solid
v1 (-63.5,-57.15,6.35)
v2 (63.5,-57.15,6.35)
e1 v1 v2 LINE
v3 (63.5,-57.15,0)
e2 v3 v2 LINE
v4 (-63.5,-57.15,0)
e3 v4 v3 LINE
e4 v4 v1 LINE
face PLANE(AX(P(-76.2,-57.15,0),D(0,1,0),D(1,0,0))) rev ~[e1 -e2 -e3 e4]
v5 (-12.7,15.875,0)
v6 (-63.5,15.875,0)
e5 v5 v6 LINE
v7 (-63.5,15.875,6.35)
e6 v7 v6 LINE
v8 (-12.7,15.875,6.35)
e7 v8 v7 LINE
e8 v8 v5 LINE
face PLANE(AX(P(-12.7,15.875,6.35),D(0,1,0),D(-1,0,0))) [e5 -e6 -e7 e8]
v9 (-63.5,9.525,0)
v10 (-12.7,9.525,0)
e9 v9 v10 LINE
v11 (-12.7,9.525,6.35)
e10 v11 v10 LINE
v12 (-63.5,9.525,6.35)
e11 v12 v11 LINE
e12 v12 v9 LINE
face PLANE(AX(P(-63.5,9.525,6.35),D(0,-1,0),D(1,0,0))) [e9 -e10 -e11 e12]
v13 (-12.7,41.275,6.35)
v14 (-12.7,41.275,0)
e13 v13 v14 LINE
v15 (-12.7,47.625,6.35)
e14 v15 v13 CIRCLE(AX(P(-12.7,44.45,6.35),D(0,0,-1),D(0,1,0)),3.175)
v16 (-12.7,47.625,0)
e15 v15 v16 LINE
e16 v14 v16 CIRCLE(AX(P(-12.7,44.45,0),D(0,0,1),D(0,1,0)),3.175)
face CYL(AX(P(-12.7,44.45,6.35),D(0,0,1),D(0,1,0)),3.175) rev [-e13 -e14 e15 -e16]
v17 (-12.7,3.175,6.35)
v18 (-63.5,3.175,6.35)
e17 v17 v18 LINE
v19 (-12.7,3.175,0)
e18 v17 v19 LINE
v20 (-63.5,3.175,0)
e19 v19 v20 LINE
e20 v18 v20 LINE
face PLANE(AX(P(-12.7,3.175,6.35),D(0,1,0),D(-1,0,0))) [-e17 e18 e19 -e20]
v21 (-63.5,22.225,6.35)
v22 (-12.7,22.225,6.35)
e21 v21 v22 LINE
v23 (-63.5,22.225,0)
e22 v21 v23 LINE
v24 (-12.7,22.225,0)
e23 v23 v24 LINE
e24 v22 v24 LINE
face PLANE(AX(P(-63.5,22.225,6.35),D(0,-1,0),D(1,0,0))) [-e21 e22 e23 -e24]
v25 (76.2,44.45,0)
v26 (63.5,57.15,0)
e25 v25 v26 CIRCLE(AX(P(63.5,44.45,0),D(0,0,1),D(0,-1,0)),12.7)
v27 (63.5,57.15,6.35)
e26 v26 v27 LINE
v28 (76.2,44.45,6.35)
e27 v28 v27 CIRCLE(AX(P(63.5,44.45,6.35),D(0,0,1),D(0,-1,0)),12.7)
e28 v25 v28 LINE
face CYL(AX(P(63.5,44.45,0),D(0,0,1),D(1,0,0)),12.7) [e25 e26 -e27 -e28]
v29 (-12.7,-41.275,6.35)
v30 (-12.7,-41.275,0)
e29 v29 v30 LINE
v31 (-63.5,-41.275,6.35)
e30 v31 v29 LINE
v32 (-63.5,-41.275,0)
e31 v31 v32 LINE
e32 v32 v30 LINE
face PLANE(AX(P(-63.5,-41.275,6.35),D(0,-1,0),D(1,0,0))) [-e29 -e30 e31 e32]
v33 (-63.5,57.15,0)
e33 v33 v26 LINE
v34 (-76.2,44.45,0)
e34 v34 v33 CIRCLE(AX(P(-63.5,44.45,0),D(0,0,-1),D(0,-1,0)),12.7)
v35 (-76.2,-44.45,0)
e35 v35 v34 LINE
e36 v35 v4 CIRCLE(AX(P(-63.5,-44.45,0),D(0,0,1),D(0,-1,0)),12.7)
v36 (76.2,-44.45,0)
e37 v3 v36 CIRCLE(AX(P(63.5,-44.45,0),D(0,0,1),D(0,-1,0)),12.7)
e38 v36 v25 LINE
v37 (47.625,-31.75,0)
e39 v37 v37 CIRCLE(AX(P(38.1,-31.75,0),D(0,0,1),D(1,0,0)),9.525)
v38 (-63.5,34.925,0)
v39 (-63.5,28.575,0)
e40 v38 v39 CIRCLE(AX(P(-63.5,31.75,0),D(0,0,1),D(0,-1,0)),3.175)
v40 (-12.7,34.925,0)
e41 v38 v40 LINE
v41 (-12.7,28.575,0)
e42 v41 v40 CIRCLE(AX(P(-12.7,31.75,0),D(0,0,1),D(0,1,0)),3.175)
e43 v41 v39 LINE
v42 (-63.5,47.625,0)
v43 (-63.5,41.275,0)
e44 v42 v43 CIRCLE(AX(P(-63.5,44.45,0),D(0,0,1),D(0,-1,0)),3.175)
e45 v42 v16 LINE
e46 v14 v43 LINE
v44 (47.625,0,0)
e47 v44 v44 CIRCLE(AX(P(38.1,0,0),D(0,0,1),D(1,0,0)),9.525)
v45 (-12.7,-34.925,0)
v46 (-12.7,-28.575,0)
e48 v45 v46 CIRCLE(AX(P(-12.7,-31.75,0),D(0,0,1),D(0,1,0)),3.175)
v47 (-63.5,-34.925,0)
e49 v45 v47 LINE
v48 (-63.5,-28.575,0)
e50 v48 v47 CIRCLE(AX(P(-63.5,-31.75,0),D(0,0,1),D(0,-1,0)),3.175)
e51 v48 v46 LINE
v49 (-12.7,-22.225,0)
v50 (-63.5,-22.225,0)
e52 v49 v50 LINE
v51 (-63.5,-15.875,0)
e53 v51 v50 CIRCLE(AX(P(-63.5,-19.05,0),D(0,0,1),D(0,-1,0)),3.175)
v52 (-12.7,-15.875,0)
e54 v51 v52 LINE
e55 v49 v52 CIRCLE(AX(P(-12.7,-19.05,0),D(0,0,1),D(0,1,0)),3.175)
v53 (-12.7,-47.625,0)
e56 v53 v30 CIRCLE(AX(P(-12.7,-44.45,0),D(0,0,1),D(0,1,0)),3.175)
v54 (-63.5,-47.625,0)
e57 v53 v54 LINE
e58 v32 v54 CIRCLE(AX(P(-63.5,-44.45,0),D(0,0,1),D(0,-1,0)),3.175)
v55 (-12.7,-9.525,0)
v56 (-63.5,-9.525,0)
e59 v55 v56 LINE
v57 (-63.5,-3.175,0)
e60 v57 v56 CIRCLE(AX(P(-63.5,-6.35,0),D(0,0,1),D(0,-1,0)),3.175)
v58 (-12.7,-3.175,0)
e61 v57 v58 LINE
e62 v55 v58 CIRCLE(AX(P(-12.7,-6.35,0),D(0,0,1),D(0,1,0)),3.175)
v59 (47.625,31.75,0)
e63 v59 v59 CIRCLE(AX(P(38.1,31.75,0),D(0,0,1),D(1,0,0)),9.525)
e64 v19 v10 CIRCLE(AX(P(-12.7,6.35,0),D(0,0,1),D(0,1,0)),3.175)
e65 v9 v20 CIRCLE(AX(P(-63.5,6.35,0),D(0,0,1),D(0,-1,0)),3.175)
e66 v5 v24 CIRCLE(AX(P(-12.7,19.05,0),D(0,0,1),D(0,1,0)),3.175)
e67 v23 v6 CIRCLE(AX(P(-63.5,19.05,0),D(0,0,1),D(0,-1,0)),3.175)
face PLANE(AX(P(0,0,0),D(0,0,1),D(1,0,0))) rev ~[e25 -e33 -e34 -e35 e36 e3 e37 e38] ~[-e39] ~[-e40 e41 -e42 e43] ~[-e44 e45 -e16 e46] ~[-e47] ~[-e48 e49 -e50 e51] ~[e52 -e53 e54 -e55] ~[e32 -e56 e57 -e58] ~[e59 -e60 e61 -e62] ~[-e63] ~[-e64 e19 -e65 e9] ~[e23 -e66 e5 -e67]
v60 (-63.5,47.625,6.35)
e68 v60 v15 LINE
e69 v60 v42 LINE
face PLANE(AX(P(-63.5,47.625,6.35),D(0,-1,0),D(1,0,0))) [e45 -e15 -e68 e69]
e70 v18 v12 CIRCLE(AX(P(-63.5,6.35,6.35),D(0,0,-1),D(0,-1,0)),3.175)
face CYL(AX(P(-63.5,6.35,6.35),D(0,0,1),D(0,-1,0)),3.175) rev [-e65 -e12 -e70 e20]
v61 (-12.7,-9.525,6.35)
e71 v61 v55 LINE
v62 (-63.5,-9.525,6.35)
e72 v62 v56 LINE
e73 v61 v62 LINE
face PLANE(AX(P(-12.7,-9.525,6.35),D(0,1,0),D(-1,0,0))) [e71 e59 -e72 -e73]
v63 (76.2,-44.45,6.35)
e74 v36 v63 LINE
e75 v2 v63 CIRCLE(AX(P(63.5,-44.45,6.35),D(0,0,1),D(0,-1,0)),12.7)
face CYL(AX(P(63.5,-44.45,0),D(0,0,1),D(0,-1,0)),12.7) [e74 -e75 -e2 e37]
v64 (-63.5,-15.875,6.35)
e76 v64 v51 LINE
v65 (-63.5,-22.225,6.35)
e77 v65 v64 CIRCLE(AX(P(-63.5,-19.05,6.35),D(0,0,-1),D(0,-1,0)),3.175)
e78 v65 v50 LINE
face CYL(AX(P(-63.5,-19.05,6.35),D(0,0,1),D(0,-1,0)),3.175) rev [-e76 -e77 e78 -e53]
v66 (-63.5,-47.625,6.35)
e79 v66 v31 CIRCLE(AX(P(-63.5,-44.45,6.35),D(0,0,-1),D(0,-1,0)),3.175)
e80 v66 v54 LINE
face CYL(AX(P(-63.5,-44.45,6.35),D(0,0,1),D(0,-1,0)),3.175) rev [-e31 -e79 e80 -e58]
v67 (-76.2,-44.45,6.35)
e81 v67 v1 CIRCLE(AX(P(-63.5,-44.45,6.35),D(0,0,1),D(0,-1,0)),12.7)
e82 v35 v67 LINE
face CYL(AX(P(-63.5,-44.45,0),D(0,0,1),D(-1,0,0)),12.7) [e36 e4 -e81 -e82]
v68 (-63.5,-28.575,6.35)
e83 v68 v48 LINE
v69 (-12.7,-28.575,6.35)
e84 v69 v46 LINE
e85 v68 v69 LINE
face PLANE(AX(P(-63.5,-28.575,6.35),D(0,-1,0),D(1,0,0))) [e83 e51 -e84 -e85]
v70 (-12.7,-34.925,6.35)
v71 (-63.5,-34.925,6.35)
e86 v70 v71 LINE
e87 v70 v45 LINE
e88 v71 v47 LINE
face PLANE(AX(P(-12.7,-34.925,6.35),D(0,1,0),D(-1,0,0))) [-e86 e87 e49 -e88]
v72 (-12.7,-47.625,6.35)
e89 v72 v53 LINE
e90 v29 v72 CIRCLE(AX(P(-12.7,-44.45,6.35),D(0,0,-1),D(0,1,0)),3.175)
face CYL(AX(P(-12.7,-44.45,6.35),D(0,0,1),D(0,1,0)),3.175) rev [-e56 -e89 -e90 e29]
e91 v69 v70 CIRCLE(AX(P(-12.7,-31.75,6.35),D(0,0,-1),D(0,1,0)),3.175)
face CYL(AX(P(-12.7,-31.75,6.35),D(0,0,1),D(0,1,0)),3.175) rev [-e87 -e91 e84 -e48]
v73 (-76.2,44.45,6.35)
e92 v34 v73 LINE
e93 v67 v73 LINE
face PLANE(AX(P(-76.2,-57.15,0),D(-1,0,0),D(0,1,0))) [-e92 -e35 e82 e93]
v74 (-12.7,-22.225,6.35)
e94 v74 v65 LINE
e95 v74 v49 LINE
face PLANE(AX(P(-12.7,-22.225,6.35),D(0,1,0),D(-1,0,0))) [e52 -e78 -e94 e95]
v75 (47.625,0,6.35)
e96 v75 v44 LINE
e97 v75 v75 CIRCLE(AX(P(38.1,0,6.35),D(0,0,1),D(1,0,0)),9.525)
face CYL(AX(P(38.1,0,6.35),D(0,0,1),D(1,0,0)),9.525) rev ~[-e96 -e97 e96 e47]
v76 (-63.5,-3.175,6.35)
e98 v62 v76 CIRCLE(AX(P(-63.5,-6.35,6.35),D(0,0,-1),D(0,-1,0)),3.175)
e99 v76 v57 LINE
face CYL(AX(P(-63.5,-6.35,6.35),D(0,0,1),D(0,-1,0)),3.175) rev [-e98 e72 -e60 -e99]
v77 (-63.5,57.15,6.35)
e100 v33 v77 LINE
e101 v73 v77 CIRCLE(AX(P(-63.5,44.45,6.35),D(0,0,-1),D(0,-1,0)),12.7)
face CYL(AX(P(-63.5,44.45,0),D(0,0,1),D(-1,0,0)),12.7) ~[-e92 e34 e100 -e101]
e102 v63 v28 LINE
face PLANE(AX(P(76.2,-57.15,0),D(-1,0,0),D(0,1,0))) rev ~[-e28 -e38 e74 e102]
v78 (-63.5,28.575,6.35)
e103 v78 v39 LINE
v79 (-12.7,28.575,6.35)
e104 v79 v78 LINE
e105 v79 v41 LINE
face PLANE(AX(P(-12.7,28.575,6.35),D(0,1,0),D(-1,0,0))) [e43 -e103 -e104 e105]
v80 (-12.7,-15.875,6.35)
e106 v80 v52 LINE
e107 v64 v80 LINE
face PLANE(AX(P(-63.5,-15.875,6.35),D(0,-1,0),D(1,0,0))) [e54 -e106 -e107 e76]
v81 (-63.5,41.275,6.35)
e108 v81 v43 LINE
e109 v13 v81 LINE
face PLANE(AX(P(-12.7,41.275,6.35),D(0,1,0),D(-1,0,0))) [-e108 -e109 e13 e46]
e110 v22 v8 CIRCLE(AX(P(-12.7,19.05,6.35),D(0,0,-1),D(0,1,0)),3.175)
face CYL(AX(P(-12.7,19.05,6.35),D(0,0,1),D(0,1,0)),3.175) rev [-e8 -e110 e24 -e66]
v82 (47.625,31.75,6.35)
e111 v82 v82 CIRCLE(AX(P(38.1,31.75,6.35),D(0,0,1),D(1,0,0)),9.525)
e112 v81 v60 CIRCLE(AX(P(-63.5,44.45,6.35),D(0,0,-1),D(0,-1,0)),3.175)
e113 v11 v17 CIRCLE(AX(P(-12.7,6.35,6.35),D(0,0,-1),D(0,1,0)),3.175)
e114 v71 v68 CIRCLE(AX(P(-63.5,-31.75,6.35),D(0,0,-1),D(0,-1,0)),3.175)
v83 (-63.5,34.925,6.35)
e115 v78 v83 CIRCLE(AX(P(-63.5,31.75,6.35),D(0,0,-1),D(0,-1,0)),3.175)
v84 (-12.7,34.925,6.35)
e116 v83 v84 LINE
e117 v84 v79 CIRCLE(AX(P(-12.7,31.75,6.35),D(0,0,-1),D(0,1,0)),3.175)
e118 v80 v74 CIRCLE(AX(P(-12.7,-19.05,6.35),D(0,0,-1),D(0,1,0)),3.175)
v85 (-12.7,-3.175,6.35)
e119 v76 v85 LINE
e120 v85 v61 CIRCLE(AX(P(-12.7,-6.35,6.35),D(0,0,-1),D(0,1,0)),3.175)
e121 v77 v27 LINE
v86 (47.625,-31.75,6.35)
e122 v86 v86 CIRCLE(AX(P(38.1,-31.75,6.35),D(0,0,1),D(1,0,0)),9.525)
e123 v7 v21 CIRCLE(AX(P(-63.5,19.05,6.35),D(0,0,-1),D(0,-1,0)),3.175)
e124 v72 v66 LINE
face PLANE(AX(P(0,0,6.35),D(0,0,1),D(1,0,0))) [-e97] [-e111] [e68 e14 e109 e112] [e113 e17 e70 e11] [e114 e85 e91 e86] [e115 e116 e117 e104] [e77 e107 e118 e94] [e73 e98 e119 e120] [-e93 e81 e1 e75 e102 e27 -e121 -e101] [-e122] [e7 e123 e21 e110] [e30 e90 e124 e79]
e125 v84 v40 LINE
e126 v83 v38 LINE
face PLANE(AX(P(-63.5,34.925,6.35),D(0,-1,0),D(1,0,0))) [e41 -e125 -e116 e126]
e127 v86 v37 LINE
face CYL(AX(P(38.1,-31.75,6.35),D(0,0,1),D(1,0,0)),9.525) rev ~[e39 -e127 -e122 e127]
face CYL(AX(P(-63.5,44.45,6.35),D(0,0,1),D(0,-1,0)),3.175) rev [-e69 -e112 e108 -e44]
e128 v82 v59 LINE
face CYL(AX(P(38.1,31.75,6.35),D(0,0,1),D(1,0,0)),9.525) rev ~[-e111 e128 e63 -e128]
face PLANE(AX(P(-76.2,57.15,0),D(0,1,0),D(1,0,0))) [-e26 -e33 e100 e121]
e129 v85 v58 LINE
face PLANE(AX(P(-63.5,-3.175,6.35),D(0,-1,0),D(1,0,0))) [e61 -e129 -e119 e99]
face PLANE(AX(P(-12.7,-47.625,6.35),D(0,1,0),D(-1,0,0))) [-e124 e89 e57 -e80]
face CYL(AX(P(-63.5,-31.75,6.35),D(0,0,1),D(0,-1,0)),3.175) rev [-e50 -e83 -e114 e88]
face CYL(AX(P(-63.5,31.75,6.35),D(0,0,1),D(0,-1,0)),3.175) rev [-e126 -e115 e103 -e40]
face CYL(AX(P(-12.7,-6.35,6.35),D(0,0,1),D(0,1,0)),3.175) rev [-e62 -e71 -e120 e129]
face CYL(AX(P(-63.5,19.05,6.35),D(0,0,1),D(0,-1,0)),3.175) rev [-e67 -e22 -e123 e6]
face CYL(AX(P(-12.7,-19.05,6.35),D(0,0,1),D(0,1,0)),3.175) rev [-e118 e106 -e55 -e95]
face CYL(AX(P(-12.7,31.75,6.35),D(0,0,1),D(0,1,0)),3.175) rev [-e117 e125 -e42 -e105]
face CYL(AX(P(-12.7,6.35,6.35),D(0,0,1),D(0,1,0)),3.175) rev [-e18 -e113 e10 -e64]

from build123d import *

# Parameters (mm, degrees)
SKETCH2_W             = 152.4
SKETCH2_H             = 114.3
BASE_EXTRUDE_DEPTH    = 6.35
FILLET_2_R            = 12.7
SKETCH3_R             = 9.525
CIRCULAR_CUT_DEPTH    = 96.461432003
SLOT_CUT_DEPTH        = 96.461432003
SLOT_LPATTERN_COUNT   = 8
SLOT_LPATTERN_PITCH   = 12.7
CIRCLE_LPATTERN_COUNT = 3
CIRCLE_LPATTERN_PITCH = 31.75


with BuildPart() as part:
    # Sketch2 → Base Extrude (new body)
    with BuildSketch(Plane.XY):
        Rectangle(SKETCH2_W, SKETCH2_H)
    extrude(amount=BASE_EXTRUDE_DEPTH)

    # Fillet 2
    fillet_2_edges = [part.edges().sort_by_distance(p)[0] for p in [
        (-76.2, 57.15, 3.175),
        (76.2, 57.15, 3.175),
        (76.2, -57.15, 3.175),
        (-76.2, -57.15, 3.175),
    ]]
    fillet(fillet_2_edges, radius=FILLET_2_R)

    # Sketch3 → Circular Cut (cut, through all)
    with BuildSketch(Plane.XY.offset(6.35)):
        with Locations((38.1, 31.75)):
            Circle(SKETCH3_R)
    circular_cut = extrude(amount=-CIRCULAR_CUT_DEPTH, mode=Mode.SUBTRACT)

    # Sketch5 → Slot Cut (cut, through all)
    with BuildSketch(Plane.XY.offset(6.35)):
        with BuildLine():
            Line((-63.5, 47.625), (-12.7, 47.625))
            ThreePointArc((-12.7, 47.625), (-9.525, 44.45), (-12.7, 41.275))
            Line((-12.7, 41.275), (-63.5, 41.275))
            ThreePointArc((-63.5, 41.275), (-66.675, 44.45), (-63.5, 47.625))
        make_face()
    slot_cut = extrude(amount=-SLOT_CUT_DEPTH, mode=Mode.SUBTRACT)

    # Slot LPattern: Slot Cut ×8
    with Locations(*[(0, -i * SLOT_LPATTERN_PITCH, 0) for i in range(1, SLOT_LPATTERN_COUNT)]):
        add(slot_cut, mode=Mode.SUBTRACT)

    # Circle LPattern: Circular Cut ×3
    with Locations(*[(0, -i * CIRCLE_LPATTERN_PITCH, 0) for i in range(1, CIRCLE_LPATTERN_COUNT)]):
        add(circular_cut, mode=Mode.SUBTRACT)


solid = part.part
